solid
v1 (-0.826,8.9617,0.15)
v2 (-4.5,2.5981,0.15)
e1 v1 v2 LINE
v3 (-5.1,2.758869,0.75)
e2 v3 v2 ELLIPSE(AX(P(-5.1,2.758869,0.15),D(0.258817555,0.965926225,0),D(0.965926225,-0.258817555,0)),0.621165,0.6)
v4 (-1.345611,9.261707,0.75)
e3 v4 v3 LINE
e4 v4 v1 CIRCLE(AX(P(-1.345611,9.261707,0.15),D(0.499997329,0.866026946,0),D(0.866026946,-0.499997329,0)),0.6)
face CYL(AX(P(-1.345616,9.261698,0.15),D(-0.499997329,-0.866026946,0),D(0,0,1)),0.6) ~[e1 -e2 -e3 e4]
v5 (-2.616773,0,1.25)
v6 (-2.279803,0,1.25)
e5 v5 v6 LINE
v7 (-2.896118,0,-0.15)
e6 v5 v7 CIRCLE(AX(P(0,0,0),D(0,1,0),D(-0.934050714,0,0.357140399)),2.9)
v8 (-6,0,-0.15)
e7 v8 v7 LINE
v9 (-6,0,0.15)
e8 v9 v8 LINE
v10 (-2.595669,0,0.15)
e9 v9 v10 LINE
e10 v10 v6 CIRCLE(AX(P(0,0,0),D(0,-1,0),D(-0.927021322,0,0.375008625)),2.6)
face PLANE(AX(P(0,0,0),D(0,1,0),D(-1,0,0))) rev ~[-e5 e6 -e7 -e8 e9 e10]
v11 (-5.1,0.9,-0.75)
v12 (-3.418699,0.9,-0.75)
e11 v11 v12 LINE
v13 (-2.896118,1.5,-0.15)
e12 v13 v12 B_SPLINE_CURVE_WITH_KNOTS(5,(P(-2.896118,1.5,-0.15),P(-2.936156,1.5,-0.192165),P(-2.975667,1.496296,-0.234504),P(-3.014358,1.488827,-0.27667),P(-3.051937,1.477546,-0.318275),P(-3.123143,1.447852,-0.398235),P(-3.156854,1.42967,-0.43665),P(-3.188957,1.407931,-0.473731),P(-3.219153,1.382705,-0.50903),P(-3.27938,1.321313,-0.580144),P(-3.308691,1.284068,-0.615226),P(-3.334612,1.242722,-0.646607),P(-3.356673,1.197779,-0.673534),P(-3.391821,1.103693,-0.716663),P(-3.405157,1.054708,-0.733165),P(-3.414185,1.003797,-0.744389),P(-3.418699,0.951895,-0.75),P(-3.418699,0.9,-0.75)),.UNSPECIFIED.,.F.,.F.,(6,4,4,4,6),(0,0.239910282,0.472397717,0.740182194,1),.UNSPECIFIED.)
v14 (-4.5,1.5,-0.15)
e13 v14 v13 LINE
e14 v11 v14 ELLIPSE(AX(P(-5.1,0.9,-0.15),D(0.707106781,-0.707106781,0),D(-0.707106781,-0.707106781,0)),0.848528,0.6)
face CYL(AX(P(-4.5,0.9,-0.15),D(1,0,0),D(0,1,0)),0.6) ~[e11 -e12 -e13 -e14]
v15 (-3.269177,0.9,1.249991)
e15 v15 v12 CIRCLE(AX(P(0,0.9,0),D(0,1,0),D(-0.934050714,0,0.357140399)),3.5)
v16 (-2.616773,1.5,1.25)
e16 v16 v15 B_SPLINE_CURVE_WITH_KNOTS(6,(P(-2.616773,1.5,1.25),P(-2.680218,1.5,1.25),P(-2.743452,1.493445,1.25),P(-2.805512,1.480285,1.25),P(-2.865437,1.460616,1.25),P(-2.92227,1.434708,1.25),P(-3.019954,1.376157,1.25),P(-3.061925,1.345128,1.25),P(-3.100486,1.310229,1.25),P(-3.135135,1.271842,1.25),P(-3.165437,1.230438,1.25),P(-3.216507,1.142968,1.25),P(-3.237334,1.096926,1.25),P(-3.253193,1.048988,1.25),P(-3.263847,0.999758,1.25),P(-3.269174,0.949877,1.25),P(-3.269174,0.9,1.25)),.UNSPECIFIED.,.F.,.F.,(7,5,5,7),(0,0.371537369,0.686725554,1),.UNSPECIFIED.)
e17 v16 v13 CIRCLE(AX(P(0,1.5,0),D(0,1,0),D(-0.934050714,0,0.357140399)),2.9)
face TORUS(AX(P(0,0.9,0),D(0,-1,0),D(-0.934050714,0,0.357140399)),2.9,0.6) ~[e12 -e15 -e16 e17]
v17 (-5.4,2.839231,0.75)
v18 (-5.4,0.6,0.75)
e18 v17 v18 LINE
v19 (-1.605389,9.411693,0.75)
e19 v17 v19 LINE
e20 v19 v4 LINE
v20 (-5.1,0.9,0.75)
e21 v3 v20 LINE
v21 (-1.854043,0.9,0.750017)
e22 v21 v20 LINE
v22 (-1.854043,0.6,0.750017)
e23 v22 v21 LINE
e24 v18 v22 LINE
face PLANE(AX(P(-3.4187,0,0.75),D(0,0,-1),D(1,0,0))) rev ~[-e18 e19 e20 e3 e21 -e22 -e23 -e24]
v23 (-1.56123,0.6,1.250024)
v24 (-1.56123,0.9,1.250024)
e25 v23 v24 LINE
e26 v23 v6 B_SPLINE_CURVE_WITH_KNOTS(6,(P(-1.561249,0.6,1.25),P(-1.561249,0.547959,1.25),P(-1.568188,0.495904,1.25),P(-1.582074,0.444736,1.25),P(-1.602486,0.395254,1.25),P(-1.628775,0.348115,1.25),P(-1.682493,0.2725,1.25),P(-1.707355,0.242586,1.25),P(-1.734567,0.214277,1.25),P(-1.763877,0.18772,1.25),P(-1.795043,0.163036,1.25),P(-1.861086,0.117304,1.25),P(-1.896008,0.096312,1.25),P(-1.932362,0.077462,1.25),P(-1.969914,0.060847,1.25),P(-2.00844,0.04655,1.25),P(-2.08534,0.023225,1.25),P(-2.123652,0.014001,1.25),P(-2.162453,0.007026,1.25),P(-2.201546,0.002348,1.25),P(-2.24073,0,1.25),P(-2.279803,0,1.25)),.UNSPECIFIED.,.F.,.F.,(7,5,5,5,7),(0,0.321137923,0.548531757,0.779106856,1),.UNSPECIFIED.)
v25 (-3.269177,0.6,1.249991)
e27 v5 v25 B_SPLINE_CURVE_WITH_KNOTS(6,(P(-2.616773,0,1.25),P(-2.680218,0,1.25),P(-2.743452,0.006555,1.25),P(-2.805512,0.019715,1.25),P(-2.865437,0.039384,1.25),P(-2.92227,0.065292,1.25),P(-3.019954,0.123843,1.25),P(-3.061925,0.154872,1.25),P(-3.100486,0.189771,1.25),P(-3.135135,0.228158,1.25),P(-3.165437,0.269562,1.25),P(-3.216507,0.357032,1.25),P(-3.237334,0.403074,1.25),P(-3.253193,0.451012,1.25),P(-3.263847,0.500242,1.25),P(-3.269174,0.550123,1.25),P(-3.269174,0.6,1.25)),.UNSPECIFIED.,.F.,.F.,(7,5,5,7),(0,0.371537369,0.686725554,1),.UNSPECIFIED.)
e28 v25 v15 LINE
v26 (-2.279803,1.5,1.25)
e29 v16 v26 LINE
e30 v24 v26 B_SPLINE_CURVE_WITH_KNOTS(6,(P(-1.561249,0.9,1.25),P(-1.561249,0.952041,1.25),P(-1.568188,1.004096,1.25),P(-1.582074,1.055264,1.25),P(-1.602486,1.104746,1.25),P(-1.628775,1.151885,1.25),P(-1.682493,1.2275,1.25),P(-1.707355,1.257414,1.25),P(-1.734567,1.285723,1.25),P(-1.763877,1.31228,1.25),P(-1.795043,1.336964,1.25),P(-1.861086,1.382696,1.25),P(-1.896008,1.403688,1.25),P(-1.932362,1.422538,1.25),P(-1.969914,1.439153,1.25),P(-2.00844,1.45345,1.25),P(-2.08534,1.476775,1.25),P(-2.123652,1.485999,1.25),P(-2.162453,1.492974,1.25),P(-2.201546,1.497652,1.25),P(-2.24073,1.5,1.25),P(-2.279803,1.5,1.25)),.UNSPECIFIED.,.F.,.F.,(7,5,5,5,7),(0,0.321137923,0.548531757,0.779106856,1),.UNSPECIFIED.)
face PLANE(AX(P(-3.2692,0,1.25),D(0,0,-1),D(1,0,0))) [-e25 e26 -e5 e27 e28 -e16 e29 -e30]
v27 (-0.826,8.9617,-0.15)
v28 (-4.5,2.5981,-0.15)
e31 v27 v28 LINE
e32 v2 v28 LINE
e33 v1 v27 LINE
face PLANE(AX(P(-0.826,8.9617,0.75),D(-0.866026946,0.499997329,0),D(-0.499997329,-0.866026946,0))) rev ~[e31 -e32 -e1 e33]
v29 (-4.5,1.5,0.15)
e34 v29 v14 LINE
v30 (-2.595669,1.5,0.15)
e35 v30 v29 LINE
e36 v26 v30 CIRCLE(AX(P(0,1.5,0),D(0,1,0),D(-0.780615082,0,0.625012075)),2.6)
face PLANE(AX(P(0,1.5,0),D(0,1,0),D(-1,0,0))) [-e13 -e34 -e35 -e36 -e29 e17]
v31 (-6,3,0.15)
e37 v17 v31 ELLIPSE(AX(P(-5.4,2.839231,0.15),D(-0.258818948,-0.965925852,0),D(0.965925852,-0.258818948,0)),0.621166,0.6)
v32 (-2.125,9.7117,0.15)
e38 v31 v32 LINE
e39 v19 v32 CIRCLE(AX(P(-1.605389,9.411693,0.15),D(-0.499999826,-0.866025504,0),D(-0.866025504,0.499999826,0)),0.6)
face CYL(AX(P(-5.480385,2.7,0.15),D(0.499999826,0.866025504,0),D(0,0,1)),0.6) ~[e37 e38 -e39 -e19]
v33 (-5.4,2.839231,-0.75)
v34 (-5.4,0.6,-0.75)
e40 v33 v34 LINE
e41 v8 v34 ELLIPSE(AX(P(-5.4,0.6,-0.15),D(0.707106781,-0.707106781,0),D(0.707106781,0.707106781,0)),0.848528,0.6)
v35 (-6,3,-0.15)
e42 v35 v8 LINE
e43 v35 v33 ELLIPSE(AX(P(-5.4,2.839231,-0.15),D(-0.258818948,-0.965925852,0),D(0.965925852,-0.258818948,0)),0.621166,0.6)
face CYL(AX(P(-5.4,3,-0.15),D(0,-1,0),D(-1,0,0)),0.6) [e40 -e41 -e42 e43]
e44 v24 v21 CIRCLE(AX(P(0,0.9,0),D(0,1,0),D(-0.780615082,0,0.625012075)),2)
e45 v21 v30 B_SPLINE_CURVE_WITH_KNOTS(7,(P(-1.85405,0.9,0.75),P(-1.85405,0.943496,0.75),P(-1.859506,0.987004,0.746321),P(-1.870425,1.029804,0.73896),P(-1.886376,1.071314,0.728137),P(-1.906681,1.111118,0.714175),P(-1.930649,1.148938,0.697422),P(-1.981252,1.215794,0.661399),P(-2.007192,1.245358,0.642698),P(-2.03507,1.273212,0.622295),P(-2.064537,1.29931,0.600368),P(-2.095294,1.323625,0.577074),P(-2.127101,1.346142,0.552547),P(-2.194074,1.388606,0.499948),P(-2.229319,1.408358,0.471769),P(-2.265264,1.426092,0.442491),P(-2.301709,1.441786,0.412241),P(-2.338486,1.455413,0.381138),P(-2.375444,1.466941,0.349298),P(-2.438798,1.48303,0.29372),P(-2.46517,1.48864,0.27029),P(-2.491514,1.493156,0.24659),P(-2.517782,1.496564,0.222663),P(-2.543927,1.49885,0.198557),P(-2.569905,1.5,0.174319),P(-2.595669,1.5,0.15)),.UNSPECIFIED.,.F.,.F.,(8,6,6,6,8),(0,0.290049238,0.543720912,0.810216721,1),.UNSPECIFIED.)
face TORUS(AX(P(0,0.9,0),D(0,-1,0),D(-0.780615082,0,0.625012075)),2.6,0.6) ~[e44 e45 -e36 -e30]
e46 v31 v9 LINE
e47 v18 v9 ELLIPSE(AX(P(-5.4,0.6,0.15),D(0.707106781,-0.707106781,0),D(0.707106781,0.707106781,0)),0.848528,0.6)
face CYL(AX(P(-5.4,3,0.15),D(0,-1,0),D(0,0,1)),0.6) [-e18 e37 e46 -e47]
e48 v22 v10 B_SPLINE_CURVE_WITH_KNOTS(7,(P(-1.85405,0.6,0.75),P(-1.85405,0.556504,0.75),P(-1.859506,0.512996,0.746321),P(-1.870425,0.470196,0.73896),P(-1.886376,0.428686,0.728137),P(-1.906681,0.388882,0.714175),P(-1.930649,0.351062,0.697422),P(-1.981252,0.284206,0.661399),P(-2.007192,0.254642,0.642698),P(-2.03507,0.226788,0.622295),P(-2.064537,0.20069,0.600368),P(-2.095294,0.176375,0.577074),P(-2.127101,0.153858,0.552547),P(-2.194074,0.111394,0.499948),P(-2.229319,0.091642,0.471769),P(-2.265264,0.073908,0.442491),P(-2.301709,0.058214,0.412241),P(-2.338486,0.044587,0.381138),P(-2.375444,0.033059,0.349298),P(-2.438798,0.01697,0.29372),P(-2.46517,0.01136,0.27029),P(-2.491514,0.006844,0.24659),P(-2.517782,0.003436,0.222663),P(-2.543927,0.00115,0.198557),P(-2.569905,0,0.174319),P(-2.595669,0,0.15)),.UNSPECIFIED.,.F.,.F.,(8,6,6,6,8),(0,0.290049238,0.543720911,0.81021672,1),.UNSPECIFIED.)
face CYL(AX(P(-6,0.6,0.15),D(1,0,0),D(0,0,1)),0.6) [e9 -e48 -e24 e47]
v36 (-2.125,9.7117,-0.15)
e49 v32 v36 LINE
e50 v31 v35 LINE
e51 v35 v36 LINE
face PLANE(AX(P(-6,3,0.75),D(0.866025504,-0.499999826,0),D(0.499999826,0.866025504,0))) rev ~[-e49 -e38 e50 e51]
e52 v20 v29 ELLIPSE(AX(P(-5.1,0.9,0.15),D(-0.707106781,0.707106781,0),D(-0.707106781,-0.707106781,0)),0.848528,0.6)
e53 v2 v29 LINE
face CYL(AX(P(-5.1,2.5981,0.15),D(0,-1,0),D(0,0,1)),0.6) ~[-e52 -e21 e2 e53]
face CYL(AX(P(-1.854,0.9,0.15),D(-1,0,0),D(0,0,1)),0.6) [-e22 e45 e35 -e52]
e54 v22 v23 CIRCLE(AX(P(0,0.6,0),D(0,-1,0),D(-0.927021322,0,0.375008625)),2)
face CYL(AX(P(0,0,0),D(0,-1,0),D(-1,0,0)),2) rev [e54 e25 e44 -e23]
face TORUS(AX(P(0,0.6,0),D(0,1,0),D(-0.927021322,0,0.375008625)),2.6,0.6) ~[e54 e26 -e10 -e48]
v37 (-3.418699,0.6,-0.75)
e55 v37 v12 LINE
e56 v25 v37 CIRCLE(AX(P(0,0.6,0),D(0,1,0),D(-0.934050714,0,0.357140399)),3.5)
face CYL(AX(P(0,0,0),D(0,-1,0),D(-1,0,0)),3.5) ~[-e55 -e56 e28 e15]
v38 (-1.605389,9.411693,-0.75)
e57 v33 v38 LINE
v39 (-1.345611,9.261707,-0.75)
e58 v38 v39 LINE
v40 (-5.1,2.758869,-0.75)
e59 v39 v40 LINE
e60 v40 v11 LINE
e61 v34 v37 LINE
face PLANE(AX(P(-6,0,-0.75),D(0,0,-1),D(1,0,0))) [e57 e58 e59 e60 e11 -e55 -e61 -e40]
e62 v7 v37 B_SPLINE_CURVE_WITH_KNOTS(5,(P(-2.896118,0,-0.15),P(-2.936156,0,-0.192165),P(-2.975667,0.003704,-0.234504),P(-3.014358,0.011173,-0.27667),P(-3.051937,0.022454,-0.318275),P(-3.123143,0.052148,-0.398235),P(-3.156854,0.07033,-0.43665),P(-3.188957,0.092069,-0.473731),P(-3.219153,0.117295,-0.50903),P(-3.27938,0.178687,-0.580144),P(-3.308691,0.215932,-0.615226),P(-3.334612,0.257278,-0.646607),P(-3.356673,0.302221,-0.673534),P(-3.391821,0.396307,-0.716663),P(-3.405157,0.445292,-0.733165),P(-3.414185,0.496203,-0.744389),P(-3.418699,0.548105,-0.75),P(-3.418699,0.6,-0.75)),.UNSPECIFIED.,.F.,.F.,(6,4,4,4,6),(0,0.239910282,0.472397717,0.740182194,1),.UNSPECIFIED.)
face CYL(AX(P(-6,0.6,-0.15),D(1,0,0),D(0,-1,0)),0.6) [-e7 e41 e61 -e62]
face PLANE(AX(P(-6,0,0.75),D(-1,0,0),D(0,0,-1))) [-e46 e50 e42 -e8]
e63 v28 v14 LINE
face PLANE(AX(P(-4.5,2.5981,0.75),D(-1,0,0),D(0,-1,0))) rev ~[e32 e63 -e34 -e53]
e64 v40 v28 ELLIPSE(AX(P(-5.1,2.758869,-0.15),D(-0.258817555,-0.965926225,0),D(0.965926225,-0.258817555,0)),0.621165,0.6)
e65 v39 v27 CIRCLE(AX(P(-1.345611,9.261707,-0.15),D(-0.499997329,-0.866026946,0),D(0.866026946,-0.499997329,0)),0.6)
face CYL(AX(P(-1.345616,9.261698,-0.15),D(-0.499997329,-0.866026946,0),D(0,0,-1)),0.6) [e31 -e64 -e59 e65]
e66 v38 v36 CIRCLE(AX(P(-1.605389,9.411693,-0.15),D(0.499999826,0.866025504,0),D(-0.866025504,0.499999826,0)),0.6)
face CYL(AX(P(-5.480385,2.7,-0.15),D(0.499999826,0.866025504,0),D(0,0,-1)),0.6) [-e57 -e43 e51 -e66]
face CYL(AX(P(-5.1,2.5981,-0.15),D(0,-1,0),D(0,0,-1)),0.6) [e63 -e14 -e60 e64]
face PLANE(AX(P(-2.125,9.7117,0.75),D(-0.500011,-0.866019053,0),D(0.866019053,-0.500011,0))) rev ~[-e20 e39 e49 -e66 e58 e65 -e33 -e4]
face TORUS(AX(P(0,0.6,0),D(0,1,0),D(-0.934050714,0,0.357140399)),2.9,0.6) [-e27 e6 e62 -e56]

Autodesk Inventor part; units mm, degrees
ref_plane "YZ Plane" through (0, 0, 0) normal (1, 0, 0) x (0, 1, 0)
ref_plane "XZ Plane" through (0, 0, 0) normal (0, 1, 0) x (-1, 0, 0)
sketch "Sketch1" plane through (0, 0, 0) normal (0, 1, 0) x (-1, 0, 0)
  circle A0 centre (0, 0) radius 2
  circle A1 centre (0, 0) radius 3.5
  line L0 (6, 0.75) -> (3.4187, 0.75)
  line L1 (6, 0.75) -> (6, -0.75)
  line L2 (6, -0.75) -> (3.4187, -0.75)
  line L3 (3.4187, 0.75) -> (1.854, 0.75)
  line L4 (3.2692, 1.25) -> (1.5612, 1.25)
  dimension "d0" = 4
  dimension "d1" = 1.5
  dimension "d2" = 0.75
  dimension "d3" = 0.75
  dimension "d4" = 6
  dimension "d5" = 0.5
extrude "Extrusion1" add sketch "Sketch1" along normal blind 1.5 contours A0 L3 A1 L4 | L0 L1 L2 A1 picked at (2.5643, 1.5047)
ref_plane "Work Plane1" through (-6, 0.6, 0.75) normal (0, 0, 1) x (1, 0, 0)
sketch "Sketch2" plane through (-6, 0.6, 0.75) normal (0, 0, 1) x (1, 0, 0)
  line L0 (0, 0.9) -> (0, 2.4)
  line L1 (0, 2.4) -> (1.5, 2.4)
  line L2 (1.5, 2.4) -> (1.5, 0.9)
  line L3 (0, 2.4) -> (3.875, 9.1117)
  line L4 (3.875, 9.1117) -> (5.174, 8.3617)
  line L5 (5.174, 8.3617) -> (1.5, 1.9981)
  line L6 (0, 0.9) -> (4.146, 0.9) projected
  point P0 (6, -0.6)
  dimension "d9" = 1.5
  dimension "d15" = 1.5
  dimension "d16" = 7
  dimension "d17" = 1.5
  dimension "d18" = 60
extrude "Extrusion2" add sketch "Sketch2" against normal blind 1.5
fillet "Fillet2" radius 0.6 16 edges at (3.4903, 1.5, -0.2609) (1.7259, 1.5, -1.0107) (1.7259, 0, -1.0107) (3.4903, 0, -0.2609) (-3.927, 0, 0.75) (-4.7093, 0, -0.75) (-3.177, 1.5, 0.75) (-6, 1.5, 0.75) (-6, 1.5, -0.75) (-4.0625, 6.3558, 0.75) (-4.0625, 6.3558, -0.75) (-4.5, 2.049, 0.75) (-4.5, 2.049, -0.75) (-2.663, 5.7799, 0.75) (-2.663, 5.7799, -0.75) (-3.9593, 1.5, -0.75)
equation "\"d3\" = d2"
properties part number "CUT_COPPER_Bottom_Cone_1,5mm_Connecting_Wire"
